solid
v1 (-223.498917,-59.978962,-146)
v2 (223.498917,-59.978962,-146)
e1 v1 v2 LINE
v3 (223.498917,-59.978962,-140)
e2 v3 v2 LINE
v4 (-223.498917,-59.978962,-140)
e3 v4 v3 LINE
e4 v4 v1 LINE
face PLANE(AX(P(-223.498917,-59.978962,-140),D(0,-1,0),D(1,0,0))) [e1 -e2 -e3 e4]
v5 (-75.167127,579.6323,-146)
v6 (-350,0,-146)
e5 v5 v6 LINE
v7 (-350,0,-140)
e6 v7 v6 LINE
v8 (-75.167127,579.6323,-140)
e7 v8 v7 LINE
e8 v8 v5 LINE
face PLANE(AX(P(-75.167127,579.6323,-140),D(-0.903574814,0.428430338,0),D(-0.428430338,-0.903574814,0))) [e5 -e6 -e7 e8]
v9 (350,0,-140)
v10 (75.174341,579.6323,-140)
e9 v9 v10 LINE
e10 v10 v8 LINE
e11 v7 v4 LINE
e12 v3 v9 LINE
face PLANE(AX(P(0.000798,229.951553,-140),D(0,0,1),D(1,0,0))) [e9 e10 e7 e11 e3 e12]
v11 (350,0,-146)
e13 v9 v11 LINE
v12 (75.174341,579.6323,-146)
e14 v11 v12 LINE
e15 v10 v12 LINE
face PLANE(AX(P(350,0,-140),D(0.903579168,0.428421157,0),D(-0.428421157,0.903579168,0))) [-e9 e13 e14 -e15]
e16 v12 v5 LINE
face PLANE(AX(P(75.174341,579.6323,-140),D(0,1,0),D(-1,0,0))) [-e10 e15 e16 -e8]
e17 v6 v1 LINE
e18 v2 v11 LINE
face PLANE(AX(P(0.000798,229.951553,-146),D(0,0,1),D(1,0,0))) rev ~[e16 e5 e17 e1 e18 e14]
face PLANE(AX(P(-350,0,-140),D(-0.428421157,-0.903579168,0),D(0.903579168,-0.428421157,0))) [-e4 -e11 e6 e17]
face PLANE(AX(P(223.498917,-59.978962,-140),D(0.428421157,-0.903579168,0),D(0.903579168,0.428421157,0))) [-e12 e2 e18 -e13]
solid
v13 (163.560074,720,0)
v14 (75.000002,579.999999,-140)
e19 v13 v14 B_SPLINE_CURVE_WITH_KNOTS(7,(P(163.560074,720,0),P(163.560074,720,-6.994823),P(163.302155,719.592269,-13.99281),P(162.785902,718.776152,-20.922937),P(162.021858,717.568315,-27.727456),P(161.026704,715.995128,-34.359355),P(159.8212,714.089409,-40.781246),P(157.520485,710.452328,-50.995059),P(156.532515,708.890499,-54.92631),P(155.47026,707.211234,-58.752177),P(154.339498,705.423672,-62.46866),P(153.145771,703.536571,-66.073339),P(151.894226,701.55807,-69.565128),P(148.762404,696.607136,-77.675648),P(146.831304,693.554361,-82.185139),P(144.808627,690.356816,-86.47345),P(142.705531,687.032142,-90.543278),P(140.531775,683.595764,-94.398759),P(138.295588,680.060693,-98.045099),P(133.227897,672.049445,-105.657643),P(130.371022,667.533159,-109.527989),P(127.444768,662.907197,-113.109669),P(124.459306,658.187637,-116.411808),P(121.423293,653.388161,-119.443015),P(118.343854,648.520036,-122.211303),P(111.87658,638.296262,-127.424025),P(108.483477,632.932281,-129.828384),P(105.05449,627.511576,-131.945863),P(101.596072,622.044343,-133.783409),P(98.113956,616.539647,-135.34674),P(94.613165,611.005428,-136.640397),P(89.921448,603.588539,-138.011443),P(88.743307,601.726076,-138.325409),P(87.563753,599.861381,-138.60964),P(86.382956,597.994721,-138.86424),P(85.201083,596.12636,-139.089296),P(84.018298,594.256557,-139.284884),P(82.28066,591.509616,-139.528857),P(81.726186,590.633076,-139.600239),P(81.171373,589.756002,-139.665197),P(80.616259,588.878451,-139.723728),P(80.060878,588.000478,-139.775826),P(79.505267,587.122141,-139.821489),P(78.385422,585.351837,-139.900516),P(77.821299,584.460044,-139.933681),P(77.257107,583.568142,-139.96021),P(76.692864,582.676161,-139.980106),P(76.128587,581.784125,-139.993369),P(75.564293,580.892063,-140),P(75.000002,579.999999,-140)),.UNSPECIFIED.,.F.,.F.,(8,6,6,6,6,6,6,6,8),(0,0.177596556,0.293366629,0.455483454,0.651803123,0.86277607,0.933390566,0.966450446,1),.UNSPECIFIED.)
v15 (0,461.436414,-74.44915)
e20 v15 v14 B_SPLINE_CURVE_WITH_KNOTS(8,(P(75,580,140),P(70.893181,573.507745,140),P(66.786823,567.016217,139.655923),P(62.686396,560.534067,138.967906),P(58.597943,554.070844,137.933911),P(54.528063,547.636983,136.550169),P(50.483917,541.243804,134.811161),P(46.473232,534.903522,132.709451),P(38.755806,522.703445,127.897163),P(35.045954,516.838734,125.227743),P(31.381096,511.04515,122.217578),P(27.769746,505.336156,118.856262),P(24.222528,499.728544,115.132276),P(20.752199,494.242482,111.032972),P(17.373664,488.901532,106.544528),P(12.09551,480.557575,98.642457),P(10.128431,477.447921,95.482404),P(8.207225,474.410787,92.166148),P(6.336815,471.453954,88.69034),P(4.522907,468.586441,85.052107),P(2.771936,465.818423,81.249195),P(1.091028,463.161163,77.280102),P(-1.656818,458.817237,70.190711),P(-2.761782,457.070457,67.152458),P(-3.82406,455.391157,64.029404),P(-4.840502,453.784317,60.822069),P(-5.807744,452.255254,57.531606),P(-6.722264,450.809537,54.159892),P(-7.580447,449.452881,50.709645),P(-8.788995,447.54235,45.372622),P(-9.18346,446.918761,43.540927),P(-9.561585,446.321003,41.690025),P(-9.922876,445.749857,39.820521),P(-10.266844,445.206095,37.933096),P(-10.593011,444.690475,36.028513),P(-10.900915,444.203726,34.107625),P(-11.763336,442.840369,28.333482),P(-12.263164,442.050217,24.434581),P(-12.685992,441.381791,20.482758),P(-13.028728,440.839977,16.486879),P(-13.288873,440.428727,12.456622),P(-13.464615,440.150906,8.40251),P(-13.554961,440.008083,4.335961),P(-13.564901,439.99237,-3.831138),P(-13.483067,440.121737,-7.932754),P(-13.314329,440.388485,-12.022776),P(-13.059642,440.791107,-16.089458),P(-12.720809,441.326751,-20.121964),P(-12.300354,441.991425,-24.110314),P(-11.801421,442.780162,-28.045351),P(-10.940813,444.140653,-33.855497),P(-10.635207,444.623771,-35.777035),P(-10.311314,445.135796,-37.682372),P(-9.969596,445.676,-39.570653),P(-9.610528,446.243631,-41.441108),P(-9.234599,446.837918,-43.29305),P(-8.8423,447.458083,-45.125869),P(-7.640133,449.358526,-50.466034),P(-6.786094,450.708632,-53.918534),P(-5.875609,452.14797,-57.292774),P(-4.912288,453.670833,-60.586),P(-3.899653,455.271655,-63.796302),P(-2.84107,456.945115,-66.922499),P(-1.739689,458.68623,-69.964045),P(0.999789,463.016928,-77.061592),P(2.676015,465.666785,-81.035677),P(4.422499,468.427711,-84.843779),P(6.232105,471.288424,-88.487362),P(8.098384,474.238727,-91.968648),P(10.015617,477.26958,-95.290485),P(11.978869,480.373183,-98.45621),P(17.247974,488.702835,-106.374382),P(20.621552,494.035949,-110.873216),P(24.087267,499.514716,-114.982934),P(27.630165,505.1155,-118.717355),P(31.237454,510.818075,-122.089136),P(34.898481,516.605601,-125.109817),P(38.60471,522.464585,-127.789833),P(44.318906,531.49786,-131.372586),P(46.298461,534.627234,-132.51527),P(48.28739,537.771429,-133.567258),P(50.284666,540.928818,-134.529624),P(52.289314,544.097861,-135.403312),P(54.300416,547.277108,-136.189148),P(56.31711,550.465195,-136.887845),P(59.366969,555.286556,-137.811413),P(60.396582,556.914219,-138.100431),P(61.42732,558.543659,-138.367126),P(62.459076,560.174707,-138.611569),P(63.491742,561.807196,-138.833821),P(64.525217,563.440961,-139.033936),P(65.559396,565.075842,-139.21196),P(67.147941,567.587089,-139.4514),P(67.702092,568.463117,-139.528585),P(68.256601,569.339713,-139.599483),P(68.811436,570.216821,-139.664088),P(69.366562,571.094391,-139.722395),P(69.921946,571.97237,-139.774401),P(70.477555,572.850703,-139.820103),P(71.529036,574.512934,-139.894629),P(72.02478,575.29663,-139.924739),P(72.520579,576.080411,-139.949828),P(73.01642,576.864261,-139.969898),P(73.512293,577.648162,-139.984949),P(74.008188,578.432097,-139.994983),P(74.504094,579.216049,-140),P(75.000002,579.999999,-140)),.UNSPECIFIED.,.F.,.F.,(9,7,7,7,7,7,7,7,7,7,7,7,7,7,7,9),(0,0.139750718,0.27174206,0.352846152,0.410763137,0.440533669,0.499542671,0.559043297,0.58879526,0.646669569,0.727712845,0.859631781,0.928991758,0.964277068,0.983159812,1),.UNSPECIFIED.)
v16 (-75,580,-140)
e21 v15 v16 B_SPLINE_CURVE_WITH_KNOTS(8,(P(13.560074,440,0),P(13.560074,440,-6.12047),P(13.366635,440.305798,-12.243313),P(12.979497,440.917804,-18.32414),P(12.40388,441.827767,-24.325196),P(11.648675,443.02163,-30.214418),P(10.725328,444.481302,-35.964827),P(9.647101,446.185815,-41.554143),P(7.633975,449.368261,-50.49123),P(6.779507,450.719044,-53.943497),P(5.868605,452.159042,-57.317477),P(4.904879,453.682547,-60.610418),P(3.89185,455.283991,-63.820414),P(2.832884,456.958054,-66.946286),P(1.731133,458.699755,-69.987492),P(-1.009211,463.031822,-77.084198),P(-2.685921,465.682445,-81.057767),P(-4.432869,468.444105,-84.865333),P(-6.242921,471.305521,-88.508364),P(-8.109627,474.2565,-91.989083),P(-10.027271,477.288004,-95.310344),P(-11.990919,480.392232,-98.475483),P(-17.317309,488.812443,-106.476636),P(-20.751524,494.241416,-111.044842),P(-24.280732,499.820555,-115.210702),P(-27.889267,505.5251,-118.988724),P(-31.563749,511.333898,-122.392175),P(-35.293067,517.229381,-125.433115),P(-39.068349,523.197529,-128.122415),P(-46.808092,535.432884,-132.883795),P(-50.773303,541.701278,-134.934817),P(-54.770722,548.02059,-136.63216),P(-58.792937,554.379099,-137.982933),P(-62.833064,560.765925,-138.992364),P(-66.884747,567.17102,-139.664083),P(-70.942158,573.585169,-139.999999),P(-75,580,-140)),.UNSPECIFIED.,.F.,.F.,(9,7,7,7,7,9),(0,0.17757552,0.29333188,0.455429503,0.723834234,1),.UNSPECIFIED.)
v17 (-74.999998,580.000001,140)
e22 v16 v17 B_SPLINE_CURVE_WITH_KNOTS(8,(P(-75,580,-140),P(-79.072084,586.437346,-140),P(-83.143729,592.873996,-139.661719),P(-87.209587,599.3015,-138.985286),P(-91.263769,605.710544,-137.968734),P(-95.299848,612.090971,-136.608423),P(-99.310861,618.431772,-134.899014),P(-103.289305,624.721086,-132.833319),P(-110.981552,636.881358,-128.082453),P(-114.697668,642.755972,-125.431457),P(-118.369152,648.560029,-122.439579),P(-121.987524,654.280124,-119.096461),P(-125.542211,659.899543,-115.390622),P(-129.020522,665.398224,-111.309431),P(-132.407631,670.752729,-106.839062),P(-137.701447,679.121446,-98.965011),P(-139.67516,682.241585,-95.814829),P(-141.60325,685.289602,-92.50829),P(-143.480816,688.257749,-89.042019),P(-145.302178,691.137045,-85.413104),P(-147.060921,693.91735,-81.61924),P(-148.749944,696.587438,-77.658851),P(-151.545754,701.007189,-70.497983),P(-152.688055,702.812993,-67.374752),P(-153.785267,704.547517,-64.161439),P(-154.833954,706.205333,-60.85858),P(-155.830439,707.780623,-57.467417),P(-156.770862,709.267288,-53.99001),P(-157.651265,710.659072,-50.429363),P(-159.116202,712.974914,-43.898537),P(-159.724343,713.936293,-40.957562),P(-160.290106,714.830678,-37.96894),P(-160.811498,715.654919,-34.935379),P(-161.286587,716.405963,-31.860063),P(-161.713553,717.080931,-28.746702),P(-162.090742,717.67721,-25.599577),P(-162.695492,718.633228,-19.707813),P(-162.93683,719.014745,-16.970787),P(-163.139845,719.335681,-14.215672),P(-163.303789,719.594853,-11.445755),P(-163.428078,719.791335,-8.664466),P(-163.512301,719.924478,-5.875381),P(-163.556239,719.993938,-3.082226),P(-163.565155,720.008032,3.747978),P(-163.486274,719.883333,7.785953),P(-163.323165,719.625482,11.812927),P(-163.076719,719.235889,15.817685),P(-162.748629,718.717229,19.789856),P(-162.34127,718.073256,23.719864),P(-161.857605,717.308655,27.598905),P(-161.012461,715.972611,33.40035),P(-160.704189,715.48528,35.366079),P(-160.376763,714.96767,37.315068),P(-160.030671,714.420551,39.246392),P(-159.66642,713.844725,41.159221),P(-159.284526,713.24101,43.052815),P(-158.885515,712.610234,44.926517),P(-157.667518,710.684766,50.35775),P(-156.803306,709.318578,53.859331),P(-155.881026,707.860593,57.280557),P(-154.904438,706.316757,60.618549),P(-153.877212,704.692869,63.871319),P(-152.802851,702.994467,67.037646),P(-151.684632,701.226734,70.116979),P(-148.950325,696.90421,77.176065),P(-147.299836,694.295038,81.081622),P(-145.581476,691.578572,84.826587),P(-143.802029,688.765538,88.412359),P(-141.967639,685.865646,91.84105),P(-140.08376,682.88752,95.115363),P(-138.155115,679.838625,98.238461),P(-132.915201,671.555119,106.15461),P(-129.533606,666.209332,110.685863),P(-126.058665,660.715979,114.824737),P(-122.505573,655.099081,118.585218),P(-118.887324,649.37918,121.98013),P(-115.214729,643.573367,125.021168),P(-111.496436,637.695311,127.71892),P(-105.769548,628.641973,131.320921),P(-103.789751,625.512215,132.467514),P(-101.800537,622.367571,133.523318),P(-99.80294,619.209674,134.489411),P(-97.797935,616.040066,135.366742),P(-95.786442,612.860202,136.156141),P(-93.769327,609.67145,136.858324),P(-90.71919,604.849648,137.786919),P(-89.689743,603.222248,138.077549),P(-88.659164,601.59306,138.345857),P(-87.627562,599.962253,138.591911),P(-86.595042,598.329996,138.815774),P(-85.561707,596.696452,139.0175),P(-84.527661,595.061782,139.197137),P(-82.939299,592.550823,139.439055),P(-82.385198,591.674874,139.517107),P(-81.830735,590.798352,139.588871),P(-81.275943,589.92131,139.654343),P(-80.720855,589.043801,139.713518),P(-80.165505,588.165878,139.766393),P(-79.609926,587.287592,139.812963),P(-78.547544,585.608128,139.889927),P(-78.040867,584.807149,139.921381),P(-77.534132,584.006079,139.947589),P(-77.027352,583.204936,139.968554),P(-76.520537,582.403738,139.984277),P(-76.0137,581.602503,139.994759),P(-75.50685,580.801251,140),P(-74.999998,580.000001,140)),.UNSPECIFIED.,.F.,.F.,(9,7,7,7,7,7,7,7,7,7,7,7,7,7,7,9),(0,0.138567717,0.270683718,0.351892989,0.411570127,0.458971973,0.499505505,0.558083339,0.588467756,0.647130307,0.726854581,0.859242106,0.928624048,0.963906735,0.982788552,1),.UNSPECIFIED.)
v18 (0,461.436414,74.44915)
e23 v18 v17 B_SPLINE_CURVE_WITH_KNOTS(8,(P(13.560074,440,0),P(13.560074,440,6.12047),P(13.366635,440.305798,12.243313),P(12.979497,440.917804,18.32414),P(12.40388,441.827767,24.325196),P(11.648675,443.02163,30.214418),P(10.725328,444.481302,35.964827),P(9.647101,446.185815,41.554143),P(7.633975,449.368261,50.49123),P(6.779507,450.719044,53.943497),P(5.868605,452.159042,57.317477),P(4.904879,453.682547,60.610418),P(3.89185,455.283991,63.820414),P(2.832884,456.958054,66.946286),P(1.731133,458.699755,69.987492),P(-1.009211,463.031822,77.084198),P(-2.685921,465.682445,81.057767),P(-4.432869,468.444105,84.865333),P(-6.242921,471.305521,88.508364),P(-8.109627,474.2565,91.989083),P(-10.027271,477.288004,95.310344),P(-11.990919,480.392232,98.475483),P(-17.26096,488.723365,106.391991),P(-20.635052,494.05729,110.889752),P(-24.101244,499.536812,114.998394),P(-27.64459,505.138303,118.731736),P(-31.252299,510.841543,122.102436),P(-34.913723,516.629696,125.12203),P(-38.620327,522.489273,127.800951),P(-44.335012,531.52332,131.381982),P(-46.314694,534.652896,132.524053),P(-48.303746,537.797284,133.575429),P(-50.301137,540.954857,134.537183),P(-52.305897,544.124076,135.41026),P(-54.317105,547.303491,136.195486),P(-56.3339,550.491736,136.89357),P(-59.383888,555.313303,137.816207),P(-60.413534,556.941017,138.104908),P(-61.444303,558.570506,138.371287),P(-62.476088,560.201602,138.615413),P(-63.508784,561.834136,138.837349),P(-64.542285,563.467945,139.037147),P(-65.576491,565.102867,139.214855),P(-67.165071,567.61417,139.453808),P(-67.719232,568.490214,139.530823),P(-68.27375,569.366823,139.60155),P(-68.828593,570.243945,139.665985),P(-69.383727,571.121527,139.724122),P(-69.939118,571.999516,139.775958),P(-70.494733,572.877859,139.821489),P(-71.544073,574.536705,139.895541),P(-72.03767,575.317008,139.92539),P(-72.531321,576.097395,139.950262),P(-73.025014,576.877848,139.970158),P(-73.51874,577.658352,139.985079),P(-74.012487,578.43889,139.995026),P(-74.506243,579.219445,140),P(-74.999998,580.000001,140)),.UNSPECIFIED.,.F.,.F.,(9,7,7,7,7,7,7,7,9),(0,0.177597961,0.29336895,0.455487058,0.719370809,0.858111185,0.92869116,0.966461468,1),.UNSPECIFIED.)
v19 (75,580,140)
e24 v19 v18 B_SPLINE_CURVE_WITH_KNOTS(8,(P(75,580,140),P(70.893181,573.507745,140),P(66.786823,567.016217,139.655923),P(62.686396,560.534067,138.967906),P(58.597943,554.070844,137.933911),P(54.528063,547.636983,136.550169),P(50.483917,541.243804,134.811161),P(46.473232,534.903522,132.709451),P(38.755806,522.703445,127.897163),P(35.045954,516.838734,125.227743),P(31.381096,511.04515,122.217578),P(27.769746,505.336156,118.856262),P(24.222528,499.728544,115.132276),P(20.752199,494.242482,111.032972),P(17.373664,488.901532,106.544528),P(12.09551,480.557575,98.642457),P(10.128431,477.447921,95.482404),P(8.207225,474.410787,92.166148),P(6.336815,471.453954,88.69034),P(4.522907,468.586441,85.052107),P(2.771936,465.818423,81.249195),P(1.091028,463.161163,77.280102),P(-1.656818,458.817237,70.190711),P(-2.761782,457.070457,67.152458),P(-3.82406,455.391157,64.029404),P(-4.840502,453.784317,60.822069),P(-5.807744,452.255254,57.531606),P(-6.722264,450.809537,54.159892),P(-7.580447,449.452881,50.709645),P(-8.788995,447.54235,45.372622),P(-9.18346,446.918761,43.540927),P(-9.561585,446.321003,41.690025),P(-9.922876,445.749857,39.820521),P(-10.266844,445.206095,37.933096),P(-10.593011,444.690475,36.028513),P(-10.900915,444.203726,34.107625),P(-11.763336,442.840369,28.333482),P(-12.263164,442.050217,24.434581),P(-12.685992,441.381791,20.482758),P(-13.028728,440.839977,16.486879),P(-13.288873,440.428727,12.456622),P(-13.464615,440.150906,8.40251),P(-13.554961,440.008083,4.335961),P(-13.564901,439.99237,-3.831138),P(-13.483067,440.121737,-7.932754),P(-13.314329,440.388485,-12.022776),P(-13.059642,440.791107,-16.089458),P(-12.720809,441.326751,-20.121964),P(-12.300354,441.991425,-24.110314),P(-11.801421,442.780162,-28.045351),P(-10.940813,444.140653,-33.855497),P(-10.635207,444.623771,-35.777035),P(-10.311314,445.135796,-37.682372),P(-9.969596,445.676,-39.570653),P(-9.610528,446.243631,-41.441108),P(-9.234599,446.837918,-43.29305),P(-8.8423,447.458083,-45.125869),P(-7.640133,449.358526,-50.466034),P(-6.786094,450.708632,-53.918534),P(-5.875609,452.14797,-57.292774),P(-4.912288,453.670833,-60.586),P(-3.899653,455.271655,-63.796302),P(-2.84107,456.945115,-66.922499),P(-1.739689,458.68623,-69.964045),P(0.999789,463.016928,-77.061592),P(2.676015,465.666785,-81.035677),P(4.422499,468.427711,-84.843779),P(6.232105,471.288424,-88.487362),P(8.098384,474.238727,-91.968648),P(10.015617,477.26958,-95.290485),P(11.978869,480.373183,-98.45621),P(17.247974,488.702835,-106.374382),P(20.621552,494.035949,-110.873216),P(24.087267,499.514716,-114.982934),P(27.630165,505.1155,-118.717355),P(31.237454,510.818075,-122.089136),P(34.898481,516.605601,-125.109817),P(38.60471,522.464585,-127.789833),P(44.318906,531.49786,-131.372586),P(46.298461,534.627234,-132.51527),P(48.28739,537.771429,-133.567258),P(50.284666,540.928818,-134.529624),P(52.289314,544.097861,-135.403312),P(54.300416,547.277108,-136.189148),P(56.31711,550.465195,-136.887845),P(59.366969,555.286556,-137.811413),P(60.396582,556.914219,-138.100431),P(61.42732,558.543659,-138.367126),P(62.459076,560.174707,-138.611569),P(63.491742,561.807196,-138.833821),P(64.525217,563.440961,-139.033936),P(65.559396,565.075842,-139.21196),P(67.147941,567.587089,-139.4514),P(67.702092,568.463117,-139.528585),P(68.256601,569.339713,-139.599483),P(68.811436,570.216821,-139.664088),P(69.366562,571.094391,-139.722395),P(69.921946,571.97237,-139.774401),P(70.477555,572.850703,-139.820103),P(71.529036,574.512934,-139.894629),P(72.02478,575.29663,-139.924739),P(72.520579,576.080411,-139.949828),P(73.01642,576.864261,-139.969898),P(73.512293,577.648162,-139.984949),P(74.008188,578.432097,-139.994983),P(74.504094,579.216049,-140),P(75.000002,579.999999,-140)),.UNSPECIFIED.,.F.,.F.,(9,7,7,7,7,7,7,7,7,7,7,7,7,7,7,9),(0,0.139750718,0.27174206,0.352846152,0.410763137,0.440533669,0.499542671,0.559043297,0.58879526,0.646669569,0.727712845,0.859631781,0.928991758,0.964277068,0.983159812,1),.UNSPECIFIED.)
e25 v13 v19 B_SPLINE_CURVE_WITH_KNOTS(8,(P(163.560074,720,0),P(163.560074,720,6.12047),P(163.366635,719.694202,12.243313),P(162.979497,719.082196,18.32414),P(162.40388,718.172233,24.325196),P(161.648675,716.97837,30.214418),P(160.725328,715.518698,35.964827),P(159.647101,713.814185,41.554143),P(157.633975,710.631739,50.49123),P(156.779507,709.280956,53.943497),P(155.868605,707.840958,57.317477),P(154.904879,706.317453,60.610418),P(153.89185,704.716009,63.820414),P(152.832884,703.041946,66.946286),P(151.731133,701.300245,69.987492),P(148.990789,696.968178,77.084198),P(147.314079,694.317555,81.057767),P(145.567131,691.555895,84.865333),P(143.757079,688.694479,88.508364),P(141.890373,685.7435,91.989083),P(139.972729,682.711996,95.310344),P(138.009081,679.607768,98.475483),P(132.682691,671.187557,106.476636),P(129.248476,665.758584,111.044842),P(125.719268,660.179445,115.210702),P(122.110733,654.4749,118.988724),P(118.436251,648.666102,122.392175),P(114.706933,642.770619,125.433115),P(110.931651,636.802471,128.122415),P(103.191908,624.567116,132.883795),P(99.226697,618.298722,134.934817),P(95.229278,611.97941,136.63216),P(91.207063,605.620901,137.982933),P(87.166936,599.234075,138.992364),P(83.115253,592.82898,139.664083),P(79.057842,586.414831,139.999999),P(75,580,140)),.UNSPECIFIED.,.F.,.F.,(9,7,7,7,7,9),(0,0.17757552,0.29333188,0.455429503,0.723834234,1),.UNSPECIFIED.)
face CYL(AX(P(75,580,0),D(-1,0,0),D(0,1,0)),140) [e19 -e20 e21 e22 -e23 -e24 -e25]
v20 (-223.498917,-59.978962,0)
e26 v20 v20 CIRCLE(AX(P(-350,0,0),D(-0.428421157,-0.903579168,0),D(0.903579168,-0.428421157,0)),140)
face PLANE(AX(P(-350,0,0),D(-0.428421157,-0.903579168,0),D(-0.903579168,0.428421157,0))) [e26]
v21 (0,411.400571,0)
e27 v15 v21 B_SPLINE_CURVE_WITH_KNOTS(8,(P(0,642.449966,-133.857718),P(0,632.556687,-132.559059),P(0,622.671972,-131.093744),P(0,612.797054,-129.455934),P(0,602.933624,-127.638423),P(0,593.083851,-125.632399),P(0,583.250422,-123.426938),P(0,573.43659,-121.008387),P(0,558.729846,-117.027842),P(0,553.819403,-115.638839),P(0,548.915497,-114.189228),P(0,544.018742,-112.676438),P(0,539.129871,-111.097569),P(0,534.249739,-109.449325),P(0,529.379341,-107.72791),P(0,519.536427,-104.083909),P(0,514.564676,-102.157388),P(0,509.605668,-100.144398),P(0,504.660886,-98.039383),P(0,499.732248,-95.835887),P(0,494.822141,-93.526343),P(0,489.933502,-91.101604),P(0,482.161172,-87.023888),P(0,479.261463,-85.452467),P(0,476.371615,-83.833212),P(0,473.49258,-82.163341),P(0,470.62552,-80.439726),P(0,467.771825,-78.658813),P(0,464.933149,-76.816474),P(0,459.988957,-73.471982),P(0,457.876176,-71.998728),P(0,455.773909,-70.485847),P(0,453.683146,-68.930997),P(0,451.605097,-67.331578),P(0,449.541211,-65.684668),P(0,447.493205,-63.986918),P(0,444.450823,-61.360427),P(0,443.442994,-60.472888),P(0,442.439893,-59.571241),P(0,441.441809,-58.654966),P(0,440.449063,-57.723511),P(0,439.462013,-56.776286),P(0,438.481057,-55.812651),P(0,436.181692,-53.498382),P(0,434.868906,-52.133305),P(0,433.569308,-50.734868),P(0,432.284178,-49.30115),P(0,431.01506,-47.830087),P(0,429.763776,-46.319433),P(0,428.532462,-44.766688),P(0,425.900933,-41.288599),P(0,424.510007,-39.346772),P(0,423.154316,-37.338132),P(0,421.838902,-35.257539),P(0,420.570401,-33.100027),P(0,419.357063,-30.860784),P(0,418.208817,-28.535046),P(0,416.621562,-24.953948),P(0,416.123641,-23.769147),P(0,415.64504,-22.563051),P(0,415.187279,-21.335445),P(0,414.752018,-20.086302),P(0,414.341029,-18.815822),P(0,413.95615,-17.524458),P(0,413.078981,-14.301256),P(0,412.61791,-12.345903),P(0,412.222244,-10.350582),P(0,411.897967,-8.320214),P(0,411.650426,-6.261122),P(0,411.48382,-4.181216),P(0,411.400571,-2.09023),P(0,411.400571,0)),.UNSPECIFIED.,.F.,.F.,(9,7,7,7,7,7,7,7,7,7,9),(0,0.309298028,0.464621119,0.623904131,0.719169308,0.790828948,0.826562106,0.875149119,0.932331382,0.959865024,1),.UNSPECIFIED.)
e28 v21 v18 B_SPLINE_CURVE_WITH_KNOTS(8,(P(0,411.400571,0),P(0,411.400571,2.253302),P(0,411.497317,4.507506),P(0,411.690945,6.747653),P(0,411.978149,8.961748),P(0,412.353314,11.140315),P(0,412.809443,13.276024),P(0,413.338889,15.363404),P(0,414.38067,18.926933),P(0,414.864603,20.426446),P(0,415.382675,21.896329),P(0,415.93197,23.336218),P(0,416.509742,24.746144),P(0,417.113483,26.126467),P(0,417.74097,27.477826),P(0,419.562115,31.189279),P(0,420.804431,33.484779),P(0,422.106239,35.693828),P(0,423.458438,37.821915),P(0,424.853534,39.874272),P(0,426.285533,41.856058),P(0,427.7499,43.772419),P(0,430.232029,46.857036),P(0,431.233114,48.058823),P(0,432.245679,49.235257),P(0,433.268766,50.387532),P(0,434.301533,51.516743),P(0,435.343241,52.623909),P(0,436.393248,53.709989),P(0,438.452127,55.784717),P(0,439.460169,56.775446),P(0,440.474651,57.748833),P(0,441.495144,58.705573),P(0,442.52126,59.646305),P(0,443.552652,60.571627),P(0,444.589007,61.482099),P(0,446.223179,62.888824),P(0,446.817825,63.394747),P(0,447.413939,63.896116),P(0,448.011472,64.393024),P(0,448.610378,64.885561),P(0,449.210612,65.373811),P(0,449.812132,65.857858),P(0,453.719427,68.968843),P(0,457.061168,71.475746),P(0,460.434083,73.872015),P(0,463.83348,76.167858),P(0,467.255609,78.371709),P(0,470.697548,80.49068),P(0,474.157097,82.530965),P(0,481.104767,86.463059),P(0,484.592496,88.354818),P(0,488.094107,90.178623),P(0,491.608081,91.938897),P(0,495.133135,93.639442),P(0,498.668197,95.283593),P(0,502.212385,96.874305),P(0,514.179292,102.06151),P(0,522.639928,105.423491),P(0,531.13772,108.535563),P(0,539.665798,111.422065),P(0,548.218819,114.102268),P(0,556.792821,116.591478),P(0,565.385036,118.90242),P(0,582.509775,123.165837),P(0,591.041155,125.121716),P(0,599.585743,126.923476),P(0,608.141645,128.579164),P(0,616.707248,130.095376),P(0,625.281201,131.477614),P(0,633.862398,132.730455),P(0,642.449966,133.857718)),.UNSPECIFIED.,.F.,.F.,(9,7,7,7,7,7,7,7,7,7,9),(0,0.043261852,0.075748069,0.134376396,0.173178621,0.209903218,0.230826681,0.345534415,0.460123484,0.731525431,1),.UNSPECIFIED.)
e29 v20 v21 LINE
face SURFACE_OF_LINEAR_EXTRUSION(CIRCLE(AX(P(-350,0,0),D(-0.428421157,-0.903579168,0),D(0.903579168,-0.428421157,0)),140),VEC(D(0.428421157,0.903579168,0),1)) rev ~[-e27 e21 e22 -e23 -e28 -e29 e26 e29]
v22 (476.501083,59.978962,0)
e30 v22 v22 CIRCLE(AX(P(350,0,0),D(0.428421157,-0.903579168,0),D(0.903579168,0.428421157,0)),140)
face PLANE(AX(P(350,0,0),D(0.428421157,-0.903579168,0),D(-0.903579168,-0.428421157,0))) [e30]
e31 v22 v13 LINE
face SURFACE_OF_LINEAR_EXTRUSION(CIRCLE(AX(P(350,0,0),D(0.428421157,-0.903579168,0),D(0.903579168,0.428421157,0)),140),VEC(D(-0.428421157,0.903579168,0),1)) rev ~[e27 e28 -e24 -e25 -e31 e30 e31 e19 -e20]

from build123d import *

# Parameters (mm, degrees)
F2_R     = 140
F5_R     = 140
F9_DEPTH = 6


with BuildPart() as f3:
    # F3: sweep along a path in F0
    with BuildLine(Plane.XY) as f3_path:
        Line((-350, 0), (-75, 580))
        Line((-75, 580), (75, 580))
    # F2 (on line) → F3 (sweep)
    with BuildSketch(Plane(origin=(-64.2406407378, -135.4893513743, 0), x_dir=(0.9035791676, -0.4284211571, 0), z_dir=(-0.4284211571, -0.9035791676, 0))):
        with Locations((-316.252708671, 0)):
            Circle(F2_R)
    sweep(path=f3_path.line, transition=Transition.RIGHT)

    # F6: sweep along a path in F0
    with BuildLine(Plane.XY) as f6_path:
        Line((350, 0), (75, 580))
        Line((75, 580), (-75, 580))
    # F5 (on line) → F6 (sweep)
    with BuildSketch(Plane(origin=(64.2406407378, -135.4893513743, 0), x_dir=(0.9035791676, 0.4284211571, 0), z_dir=(0.4284211571, -0.9035791676, 0))):
        with Locations((316.252708671, 0)):
            Circle(F5_R)
    sweep(path=f6_path.line, transition=Transition.RIGHT)


with BuildPart() as f9:
    # F8 (on offset) → F9 (new body)
    with BuildSketch(Plane.XY.offset(-140)):
        Polygon((-223.4989165316, -59.9789619893), (0, 411.4005710591), (223.4989165316, -59.9789619893), (350, 0), (75.174340639, 579.6322997432), (-75.1671269536, 579.6322997432), (-350, 0), align=None)
        Polygon((223.4989165316, -59.9789619893), (0, 411.4005710591), (-223.4989165316, -59.9789619893), align=None)
    extrude(amount=-F9_DEPTH)


solid = Compound([f3.part, f9.part])
